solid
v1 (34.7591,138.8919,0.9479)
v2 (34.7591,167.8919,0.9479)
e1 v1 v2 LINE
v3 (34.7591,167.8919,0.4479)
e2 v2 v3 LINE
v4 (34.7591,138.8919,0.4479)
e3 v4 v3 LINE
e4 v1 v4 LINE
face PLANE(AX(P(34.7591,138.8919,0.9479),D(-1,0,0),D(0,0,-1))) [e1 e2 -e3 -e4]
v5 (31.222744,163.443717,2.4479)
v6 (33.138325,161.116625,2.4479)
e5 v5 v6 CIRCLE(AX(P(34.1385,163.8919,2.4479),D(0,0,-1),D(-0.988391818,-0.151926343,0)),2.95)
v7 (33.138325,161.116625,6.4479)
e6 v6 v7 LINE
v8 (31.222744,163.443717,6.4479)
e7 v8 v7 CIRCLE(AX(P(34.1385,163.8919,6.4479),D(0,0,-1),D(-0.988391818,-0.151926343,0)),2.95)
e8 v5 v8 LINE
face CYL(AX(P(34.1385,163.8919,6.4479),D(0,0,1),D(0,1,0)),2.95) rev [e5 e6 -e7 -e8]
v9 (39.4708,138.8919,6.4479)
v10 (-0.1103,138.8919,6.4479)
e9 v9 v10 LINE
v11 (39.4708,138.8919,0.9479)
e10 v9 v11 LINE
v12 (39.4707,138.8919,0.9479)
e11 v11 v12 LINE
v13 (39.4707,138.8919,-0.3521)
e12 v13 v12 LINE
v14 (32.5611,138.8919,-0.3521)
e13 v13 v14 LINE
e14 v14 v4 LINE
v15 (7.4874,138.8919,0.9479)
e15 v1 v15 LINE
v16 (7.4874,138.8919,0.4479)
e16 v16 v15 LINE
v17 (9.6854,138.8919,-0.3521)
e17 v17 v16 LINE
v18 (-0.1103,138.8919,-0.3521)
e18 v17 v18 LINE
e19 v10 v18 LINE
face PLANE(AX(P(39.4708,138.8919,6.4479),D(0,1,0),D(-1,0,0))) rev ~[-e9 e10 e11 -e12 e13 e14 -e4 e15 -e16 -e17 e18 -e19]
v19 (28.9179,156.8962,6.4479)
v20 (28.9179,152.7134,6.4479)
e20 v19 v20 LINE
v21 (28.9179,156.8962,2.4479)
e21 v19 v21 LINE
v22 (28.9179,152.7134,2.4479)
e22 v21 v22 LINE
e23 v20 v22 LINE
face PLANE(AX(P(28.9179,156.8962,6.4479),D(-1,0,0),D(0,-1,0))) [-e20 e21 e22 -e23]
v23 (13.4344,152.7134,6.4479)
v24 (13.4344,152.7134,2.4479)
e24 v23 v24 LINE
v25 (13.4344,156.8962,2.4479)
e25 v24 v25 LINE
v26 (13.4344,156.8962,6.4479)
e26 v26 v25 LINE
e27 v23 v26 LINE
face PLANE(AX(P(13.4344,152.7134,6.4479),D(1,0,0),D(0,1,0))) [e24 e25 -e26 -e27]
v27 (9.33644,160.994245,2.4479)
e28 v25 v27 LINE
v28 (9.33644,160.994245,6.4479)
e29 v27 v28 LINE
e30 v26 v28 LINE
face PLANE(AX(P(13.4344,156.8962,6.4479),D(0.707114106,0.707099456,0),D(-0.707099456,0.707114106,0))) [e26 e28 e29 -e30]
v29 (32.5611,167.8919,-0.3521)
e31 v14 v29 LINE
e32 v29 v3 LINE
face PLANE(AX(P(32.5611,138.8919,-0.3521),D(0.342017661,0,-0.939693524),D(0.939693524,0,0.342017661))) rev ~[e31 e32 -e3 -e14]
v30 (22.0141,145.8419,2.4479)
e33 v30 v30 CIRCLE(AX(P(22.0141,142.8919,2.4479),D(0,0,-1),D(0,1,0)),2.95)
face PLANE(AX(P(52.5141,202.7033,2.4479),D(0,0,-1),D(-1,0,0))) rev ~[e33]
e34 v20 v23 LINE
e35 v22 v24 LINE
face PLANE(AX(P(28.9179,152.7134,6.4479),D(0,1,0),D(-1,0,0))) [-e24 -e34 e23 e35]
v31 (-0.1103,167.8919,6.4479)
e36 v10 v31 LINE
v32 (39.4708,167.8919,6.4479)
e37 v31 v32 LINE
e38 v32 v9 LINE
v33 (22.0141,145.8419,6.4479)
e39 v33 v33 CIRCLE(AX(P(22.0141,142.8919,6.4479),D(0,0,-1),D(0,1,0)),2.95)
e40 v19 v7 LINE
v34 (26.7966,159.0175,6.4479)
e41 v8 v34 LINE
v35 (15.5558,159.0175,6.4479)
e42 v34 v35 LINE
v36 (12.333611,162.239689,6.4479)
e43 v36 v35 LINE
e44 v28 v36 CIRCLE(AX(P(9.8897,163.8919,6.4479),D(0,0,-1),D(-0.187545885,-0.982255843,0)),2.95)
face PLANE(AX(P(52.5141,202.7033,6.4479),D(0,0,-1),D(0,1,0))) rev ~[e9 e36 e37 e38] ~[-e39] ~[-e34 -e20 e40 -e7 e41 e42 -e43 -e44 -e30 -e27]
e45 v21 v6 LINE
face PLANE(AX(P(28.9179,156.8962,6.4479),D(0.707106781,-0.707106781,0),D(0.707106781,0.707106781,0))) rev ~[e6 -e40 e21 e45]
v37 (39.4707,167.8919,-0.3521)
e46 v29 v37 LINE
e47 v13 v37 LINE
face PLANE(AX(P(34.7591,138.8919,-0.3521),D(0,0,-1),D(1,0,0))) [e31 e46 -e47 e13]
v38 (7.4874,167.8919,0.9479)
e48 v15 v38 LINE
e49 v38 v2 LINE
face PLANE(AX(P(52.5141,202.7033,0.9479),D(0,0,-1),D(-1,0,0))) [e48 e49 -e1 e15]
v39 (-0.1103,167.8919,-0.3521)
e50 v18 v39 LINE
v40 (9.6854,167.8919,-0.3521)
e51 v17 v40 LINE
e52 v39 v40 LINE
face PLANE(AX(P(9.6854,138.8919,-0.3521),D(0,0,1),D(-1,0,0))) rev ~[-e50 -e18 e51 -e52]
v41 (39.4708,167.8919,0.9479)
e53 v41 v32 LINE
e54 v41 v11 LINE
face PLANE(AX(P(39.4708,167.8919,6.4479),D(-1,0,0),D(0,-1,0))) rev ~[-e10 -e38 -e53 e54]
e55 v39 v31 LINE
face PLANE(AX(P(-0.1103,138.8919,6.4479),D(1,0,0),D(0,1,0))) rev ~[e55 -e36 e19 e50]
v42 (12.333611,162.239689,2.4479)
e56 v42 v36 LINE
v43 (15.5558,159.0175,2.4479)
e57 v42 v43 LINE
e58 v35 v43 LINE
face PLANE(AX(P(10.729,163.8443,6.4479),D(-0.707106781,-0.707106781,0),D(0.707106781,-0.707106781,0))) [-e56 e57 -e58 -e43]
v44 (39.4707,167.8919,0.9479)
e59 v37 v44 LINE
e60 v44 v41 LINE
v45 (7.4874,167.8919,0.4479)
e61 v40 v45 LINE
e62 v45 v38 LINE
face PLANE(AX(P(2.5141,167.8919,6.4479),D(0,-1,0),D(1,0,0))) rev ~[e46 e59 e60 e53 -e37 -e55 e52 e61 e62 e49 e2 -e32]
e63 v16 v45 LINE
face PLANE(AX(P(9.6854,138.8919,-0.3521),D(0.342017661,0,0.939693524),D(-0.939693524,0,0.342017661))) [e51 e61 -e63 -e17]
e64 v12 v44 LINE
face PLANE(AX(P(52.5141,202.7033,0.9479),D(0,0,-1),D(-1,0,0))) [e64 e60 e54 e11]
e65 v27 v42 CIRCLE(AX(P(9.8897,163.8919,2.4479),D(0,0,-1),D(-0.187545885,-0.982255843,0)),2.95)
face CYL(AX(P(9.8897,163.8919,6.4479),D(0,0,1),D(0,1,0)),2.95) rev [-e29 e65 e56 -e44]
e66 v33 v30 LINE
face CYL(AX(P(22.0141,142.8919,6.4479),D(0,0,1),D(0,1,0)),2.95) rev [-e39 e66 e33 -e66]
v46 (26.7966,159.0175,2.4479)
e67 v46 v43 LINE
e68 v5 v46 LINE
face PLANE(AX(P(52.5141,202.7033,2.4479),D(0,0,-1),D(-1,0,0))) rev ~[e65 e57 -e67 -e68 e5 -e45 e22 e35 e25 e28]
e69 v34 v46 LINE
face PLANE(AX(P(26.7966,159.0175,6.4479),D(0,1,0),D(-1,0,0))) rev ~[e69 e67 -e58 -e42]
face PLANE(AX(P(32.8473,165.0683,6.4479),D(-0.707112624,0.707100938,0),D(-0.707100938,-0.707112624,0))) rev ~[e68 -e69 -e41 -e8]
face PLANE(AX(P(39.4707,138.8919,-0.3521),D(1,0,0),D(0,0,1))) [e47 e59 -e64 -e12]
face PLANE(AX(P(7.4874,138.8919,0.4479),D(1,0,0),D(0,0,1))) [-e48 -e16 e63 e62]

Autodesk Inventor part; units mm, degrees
ref_plane "YZ Plane" through (0, 0, 0) normal (1, 0, 0) x (0, 1, 0)
ref_plane "XZ Plane" through (0, 0, 0) normal (0, 1, 0) x (-1, 0, 0)
ref_plane "XY Plane" through (0, 0, 0) normal (0, 0, 1) x (1, 0, 0)
ref_plane "Work Plane1" through (52.5141, 202.7033, 6.4479) normal (0, 0, -1) x (0, 1, 0)
sketch "Sketch1" plane through (52.5141, 202.7033, 6.4479) normal (0, 0, -1) x (0, 1, 0)
  circle A0 centre (-59.8114, -30.5) radius 1.4 construction
  circle A1 centre (-38.8114, -18.3756) radius 1.4 projected
  circle A2 centre (-38.8114, -42.6244) radius 1.4 construction
  circle A3 centre (41, 0) radius 1.65 projected
  circle A4 centre (-9, 0) radius 1.65 projected
  circle A5 centre (-9, 50) radius 1.65 projected
  circle A6 centre (41, 50) radius 1.65 projected
  circle A7 centre (16, 50) radius 1.65 projected
  circle A8 centre (-9, 25) radius 1.65 projected
  circle A9 centre (16, 0) radius 1.65 projected
  circle A10 centre (41, 25) radius 1.65 projected
  line L0 (80, 55) -> (-80, 55) projected
  line L1 (-80, 55) -> (-80, -55) projected
  line L2 (-80, -55) -> (80, -55) projected
  line L3 (80, -55) -> (80, 55) projected
  line L4 (-36.5, 0) -> (-36.5, -50) projected
  line L5 (-14, 0) -> (-36.5, 0) projected
  line L6 (-14, -5) -> (-14, 0) projected
  line L7 (72, -5) -> (-14, -5) projected
  line L8 (72, -50) -> (72, -5) projected
  line L9 (-36.5, -50) -> (72, -50) projected
  line L10 (-4, 45) -> (-4, 5) projected
  line L11 (36, 45) -> (-4, 45) projected
  line L12 (36, 5) -> (36, 45) projected
  line L13 (-4, 5) -> (36, 5) projected
  line L14 (-64.5989, -17.0433) -> (-64.5989, -57.0433) construction
  line L15 (-64.5989, -57.0433) -> (-34.5989, -57.0433) construction
  line L16 (-34.5989, -57.0433) -> (-34.5989, -17.0433) construction
  line L17 (-34.5989, -17.0433) -> (-64.5989, -17.0433) construction
  line L18 (-34.8114, -13.0433) -> (-63.8114, -13.0433)
  line L19 (-63.8114, -13.0433) -> (-63.8114, -52.6244)
  line L20 (-63.8114, -52.6244) -> (-34.8114, -52.6244)
  line L21 (-34.8114, -52.6244) -> (-34.8114, -13.0433)
  circle A11 centre (-59.8114, -30.5) radius 2.95
  circle A12 centre (-38.8114, -18.3756) radius 2.95
  circle A13 centre (-38.8114, -42.6244) radius 2.95 construction
  line L22 (-36.5, -35.1157) -> (-41.75, -35.1157) construction
  line L23 (-41.75, -35.1157) -> (-41.75, -38.5657) construction
  line L24 (-41.75, -38.5657) -> (-56.86, -38.5657) construction
  line L25 (-56.86, -38.5657) -> (-56.86, -35.1157) construction
  line L26 (-56.86, -35.1157) -> (-60.26, -35.1157) construction
  line L27 (-60.26, -35.1157) -> (-60.26, -52.0657) construction
  line L28 (-60.26, -52.0657) -> (-36.5, -52.0657) construction
  line L29 (-36.5, -52.0657) -> (-36.5, -35.1157) construction
  line L30 (-41.75, -28.3657) -> (-36.5, -28.3657) construction
  line L31 (-36.5, -28.3657) -> (-36.5, -25.0657) construction
  line L32 (-36.5, -25.0657) -> (-60.26, -25.0657) construction
  line L33 (-60.26, -25.0657) -> (-60.26, -28.3657) construction
  line L34 (-60.26, -28.3657) -> (-56.86, -28.3657) construction
  line L35 (-56.86, -28.3657) -> (-56.86, -27.0942) construction
  line L36 (-56.86, -27.0942) -> (-41.75, -27.0942) construction
  line L37 (-41.75, -27.0942) -> (-41.75, -28.3657) construction
  line L38 (-56.86, -35.1157) -> (-60.26, -35.1157) construction
  line L39 (-56.86, -38.5657) -> (-56.86, -35.1157) construction
  line L40 (-41.75, -38.5657) -> (-56.86, -38.5657) construction
  line L41 (-41.75, -35.1157) -> (-41.75, -38.5657) construction
  line L42 (-36.5, -35.1157) -> (-41.75, -35.1157) construction
  line L43 (-36.5, -35.05) -> (-36.5, -35.1157) construction
  line L44 (-36.5, -35.05) -> (-56.86, -35.05) construction
  line L45 (-36.5, -34.78) -> (-36.5, -35.05) construction
  line L46 (-36.5, -34.78) -> (-56.86, -34.78) construction
  line L47 (-36.5, -34.51) -> (-36.5, -34.78) construction
  line L48 (-36.5, -34.51) -> (-56.86, -34.51) construction
  line L49 (-36.5, -34.24) -> (-36.5, -34.51) construction
  line L50 (-36.5, -34.24) -> (-56.86, -34.24) construction
  line L51 (-36.5, -33.97) -> (-36.5, -34.24) construction
  line L52 (-36.5, -33.97) -> (-56.86, -33.97) construction
  line L53 (-36.5, -33.7) -> (-36.5, -33.97) construction
  line L54 (-36.5, -33.7) -> (-56.86, -33.7) construction
  line L55 (-36.5, -33.43) -> (-36.5, -33.7) construction
  line L56 (-36.5, -33.43) -> (-56.86, -33.43) construction
  line L57 (-36.5, -33.16) -> (-36.5, -33.43) construction
  line L58 (-36.5, -33.16) -> (-56.86, -33.16) construction
  line L59 (-36.5, -32.89) -> (-36.5, -33.16) construction
  line L60 (-36.5, -32.89) -> (-56.86, -32.89) construction
  line L61 (-36.5, -32.62) -> (-36.5, -32.89) construction
  line L62 (-36.5, -32.62) -> (-56.86, -32.62) construction
  line L63 (-36.5, -32.35) -> (-36.5, -32.62) construction
  line L64 (-36.5, -32.35) -> (-56.86, -32.35) construction
  line L65 (-36.5, -32.08) -> (-36.5, -32.35) construction
  line L66 (-36.5, -32.08) -> (-56.86, -32.08) construction
  line L67 (-36.5, -31.81) -> (-36.5, -32.08) construction
  line L68 (-36.5, -31.81) -> (-56.86, -31.81) construction
  line L69 (-36.5, -31.54) -> (-36.5, -31.81) construction
  line L70 (-36.5, -31.54) -> (-56.86, -31.54) construction
  line L71 (-36.5, -31.27) -> (-36.5, -31.54) construction
  line L72 (-36.5, -31.27) -> (-56.86, -31.27) construction
  line L73 (-36.5, -31) -> (-36.5, -31.27) construction
  line L74 (-36.5, -31) -> (-56.86, -31) construction
  line L75 (-36.5, -30.73) -> (-36.5, -31) construction
  line L76 (-36.5, -30.73) -> (-56.86, -30.73) construction
  line L77 (-36.5, -30.46) -> (-36.5, -30.73) construction
  line L78 (-36.5, -30.46) -> (-56.86, -30.46) construction
  line L79 (-36.5, -30.19) -> (-36.5, -30.46) construction
  line L80 (-36.5, -30.19) -> (-56.86, -30.19) construction
  line L81 (-36.5, -29.92) -> (-36.5, -30.19) construction
  line L82 (-36.5, -29.92) -> (-56.86, -29.92) construction
  line L83 (-36.5, -29.65) -> (-36.5, -29.92) construction
  line L84 (-36.5, -29.65) -> (-56.86, -29.65) construction
  line L85 (-36.5, -29.38) -> (-36.5, -29.65) construction
  line L86 (-36.5, -29.38) -> (-56.86, -29.38) construction
  line L87 (-36.5, -29.11) -> (-36.5, -29.38) construction
  line L88 (-36.5, -29.11) -> (-56.86, -29.11) construction
  line L89 (-36.5, -28.84) -> (-36.5, -29.11) construction
  line L90 (-36.5, -28.84) -> (-56.86, -28.84) construction
  line L91 (-36.5, -28.3657) -> (-36.5, -28.84) construction
  line L92 (-41.75, -28.3657) -> (-36.5, -28.3657) construction
  line L93 (-41.75, -27.0942) -> (-41.75, -28.3657) construction
  line L94 (-56.86, -27.0942) -> (-41.75, -27.0942) construction
  line L95 (-56.86, -28.3657) -> (-56.86, -27.0942) construction
  line L96 (-60.26, -28.3657) -> (-56.86, -28.3657) construction
  line L97 (-60.26, -35.1157) -> (-60.26, -28.3657) construction
  line L98 (-60.26, -25.0657) -> (-36.5, -25.0657) construction
  line L99 (-36.5, -25.0657) -> (-36.5, -52.0657) construction
  line L100 (-60.26, -52.0657) -> (-60.26, -25.0657) construction
  line L101 (-57.1632, -22.5233) -> (-33.4032, -22.5233) construction
  line L102 (-33.4032, -22.5233) -> (-33.4032, -49.5233) construction
  line L103 (-33.4032, -49.5233) -> (-57.1632, -49.5233) construction
  line L104 (-57.1632, -49.5233) -> (-57.1632, -22.5233) construction
  circle A14 centre (-38.8114, -42.6244) radius 2.95
  point P0 (-202.7033, -52.5141)
  point P1 (-56.7146, -27.9576)
  dimension "d0" = 4
  dimension "d2" = 4
  dimension "d3" = 4
  dimension "d4" = 5.9
  dimension "d5" = 5.9
  dimension "d6" = 5.9
  dimension "d10" = 10
extrude "Extrusion1" add sketch "Sketch1" along normal blind 4 contours L18 L21 L9 L4 A14 A12 | L4 A12 A14 L9 L21 L20 L19 L18
sketch "Sketch2" plane through (52.5141, 202.7033, 2.4479) normal (0, 0, -1) x (-1, 0, 0)
  circle A0 centre (42.6244, -38.8114) radius 2.95 projected
  circle A1 centre (18.3756, -38.8114) radius 2.95 projected
  circle A2 centre (30.5, -59.8114) radius 2.95 projected
  line L0 (13.0433, -34.8114) -> (13.0433, -63.8114) projected
  line L1 (13.0433, -63.8114) -> (52.6244, -63.8114) projected
  line L2 (52.6244, -63.8114) -> (52.6244, -34.8114) projected
  line L3 (52.6244, -34.8114) -> (13.0433, -34.8114) projected
  point P0 (52.5141, -202.7033)
extrude "Extrusion2" add sketch "Sketch2" along normal blind 1.5 contours A0 | A1 | A2 | L3 L2 L1 L0
sketch "Sketch3" plane through (-0.1103, 138.8919, 6.4479) normal (0, -1, 0) x (1, 0, 0)
  line L0 (39.581, 0) -> (0, 0) projected
  line L1 (0, 0) -> (0, -5.5) projected
  line L2 (39.581, -5.5) -> (0, -5.5) projected
  line L3 (39.581, 0) -> (39.581, -5.5) projected
  line L4 (17.5087, -7.4479) -> (17.5087, -6.8479) construction
  line L5 (17.5087, -6.8479) -> (24.2587, -6.8479) construction
  line L6 (24.2587, -6.8479) -> (24.2587, -7.4479) construction
  line L7 (27.5587, -7.4479) -> (24.2587, -7.4479) construction
  line L8 (27.5587, -6.4479) -> (27.5587, -7.4479) construction
  line L9 (27.5587, -6.4479) -> (0.5587, -6.4479) construction
  line L10 (0.5587, -6.4479) -> (0.5587, -7.4479) construction
  line L11 (17.5087, -7.4479) -> (0.5587, -7.4479) construction
  line L12 (39.581, 0) -> (39.581, -5.5) projected
  line L13 (39.581, -5.5) -> (34.8694, -5.5)
  line L14 (34.8694, -5.5) -> (34.8694, -6)
  line L15 (34.8694, -6.8) -> (39.581, -6.8)
  line L16 (39.581, -6.8) -> (39.581, -5.5)
  line L17 (39.581, -6.8) -> (32.6714, -6.8)
  line L18 (32.6714, -6.8) -> (34.8694, -6)
  line L19 (12.6726, -5.5) -> (12.6726, -6.5) projected
  line L20 (0, 0) -> (0, -5.5) projected
  line L21 (0, -5.5) -> (8.1109, -5.5)
  line L22 (8.1109, -6.8) -> (0, -6.8)
  line L23 (0, -6.8) -> (0, -5.5)
  line L24 (9.7957, -6.8) -> (8.1109, -6.8)
  line L25 (0, -5.5) -> (39.581, -5.5) projected
  line L26 (9.7957, -6.8) -> (7.5977, -6)
  line L27 (7.5977, -6) -> (7.5977, -5.5)
  line L28 (8.8957, -5.5) -> (33.4957, -5.5) construction
  line L29 (33.4957, -5.5) -> (33.4957, -6.5) construction
  line L30 (33.4957, -6.5) -> (8.8957, -6.5) construction
  line L31 (8.8957, -6.5) -> (8.8957, -5.5) construction
  point P0 (8.981, -5.5)
  dimension "d42" = 1.3
  dimension "d43" = 110
  dimension "d45" = 0.5
  dimension "d46" = 0.5
  dimension "d47" = 110
  dimension "d48" = 24.6
  dimension "d49" = 1
  dimension "d50" = 0.9
  dimension "d51" = 0
extrude "Extrusion3" add sketch "Sketch3" against normal up to surface (29 mm away) contours L16 L15 L17 L18 L14 L2 | L2 L27 L26 L24 L22 L23
sketch "Sketch6" plane through (52.5141, 202.7033, 6.4479) normal (0, 0, 1) x (1, 0, 0)
  line L0 (-13.0433, -34.8114) -> (-13.0433, -63.8114) projected
  line L1 (-52.6244, -34.8114) -> (-13.0433, -34.8114) projected
  line L2 (-52.6244, -63.8114) -> (-52.6244, -34.8114) projected
  line L3 (-13.0433, -63.8114) -> (-52.6244, -63.8114) projected
  line L4 (-23.5962, -45.8071) -> (-17.5454, -39.7563)
  line L5 (-17.5454, -39.7563) -> (-19.6668, -37.635)
  line L6 (-19.6668, -37.635) -> (-25.7175, -43.6858)
  line L7 (-25.7175, -43.6858) -> (-23.5962, -45.8071)
  line L8 (-23.5962, -45.8071) -> (-19.6668, -37.635) construction
  line L9 (-17.5454, -39.7563) -> (-25.7175, -43.6858) construction
  line L10 (-39.0797, -45.8071) -> (-43.9064, -40.9803)
  line L11 (-43.9064, -40.9803) -> (-41.7851, -38.859)
  line L12 (-41.7851, -38.859) -> (-36.9583, -43.6858)
  line L13 (-36.9583, -43.6858) -> (-39.0797, -45.8071)
  line L14 (-39.0797, -45.8071) -> (-41.7851, -38.859) construction
  line L15 (-43.9064, -40.9803) -> (-36.9583, -43.6858) construction
  line L16 (-25.7175, -43.6858) -> (-36.9583, -43.6858)
  line L17 (-23.5962, -45.8071) -> (-23.5962, -49.9899)
  line L18 (-23.5962, -49.9899) -> (-39.0797, -49.9899)
  line L19 (-39.0797, -49.9899) -> (-39.0797, -45.8071)
  point P0 (-52.5141, -202.7033)
  point P1 (-21.6315, -41.7211)
  point P2 (-40.4324, -42.333)
  dimension "d35" = 3
  dimension "d36" = 3
  dimension "d37" = 45
  dimension "d38" = 0
extrude "Extrusion6" cut sketch "Sketch6" against normal up to surface (4 mm away) contours L7 L6 L5 L4 | L17 L18 L19 L13 L16 L7 | L13 L10 L11 L12
properties part number "cellSTORM_v5_chiptray_new_0_22.4"
